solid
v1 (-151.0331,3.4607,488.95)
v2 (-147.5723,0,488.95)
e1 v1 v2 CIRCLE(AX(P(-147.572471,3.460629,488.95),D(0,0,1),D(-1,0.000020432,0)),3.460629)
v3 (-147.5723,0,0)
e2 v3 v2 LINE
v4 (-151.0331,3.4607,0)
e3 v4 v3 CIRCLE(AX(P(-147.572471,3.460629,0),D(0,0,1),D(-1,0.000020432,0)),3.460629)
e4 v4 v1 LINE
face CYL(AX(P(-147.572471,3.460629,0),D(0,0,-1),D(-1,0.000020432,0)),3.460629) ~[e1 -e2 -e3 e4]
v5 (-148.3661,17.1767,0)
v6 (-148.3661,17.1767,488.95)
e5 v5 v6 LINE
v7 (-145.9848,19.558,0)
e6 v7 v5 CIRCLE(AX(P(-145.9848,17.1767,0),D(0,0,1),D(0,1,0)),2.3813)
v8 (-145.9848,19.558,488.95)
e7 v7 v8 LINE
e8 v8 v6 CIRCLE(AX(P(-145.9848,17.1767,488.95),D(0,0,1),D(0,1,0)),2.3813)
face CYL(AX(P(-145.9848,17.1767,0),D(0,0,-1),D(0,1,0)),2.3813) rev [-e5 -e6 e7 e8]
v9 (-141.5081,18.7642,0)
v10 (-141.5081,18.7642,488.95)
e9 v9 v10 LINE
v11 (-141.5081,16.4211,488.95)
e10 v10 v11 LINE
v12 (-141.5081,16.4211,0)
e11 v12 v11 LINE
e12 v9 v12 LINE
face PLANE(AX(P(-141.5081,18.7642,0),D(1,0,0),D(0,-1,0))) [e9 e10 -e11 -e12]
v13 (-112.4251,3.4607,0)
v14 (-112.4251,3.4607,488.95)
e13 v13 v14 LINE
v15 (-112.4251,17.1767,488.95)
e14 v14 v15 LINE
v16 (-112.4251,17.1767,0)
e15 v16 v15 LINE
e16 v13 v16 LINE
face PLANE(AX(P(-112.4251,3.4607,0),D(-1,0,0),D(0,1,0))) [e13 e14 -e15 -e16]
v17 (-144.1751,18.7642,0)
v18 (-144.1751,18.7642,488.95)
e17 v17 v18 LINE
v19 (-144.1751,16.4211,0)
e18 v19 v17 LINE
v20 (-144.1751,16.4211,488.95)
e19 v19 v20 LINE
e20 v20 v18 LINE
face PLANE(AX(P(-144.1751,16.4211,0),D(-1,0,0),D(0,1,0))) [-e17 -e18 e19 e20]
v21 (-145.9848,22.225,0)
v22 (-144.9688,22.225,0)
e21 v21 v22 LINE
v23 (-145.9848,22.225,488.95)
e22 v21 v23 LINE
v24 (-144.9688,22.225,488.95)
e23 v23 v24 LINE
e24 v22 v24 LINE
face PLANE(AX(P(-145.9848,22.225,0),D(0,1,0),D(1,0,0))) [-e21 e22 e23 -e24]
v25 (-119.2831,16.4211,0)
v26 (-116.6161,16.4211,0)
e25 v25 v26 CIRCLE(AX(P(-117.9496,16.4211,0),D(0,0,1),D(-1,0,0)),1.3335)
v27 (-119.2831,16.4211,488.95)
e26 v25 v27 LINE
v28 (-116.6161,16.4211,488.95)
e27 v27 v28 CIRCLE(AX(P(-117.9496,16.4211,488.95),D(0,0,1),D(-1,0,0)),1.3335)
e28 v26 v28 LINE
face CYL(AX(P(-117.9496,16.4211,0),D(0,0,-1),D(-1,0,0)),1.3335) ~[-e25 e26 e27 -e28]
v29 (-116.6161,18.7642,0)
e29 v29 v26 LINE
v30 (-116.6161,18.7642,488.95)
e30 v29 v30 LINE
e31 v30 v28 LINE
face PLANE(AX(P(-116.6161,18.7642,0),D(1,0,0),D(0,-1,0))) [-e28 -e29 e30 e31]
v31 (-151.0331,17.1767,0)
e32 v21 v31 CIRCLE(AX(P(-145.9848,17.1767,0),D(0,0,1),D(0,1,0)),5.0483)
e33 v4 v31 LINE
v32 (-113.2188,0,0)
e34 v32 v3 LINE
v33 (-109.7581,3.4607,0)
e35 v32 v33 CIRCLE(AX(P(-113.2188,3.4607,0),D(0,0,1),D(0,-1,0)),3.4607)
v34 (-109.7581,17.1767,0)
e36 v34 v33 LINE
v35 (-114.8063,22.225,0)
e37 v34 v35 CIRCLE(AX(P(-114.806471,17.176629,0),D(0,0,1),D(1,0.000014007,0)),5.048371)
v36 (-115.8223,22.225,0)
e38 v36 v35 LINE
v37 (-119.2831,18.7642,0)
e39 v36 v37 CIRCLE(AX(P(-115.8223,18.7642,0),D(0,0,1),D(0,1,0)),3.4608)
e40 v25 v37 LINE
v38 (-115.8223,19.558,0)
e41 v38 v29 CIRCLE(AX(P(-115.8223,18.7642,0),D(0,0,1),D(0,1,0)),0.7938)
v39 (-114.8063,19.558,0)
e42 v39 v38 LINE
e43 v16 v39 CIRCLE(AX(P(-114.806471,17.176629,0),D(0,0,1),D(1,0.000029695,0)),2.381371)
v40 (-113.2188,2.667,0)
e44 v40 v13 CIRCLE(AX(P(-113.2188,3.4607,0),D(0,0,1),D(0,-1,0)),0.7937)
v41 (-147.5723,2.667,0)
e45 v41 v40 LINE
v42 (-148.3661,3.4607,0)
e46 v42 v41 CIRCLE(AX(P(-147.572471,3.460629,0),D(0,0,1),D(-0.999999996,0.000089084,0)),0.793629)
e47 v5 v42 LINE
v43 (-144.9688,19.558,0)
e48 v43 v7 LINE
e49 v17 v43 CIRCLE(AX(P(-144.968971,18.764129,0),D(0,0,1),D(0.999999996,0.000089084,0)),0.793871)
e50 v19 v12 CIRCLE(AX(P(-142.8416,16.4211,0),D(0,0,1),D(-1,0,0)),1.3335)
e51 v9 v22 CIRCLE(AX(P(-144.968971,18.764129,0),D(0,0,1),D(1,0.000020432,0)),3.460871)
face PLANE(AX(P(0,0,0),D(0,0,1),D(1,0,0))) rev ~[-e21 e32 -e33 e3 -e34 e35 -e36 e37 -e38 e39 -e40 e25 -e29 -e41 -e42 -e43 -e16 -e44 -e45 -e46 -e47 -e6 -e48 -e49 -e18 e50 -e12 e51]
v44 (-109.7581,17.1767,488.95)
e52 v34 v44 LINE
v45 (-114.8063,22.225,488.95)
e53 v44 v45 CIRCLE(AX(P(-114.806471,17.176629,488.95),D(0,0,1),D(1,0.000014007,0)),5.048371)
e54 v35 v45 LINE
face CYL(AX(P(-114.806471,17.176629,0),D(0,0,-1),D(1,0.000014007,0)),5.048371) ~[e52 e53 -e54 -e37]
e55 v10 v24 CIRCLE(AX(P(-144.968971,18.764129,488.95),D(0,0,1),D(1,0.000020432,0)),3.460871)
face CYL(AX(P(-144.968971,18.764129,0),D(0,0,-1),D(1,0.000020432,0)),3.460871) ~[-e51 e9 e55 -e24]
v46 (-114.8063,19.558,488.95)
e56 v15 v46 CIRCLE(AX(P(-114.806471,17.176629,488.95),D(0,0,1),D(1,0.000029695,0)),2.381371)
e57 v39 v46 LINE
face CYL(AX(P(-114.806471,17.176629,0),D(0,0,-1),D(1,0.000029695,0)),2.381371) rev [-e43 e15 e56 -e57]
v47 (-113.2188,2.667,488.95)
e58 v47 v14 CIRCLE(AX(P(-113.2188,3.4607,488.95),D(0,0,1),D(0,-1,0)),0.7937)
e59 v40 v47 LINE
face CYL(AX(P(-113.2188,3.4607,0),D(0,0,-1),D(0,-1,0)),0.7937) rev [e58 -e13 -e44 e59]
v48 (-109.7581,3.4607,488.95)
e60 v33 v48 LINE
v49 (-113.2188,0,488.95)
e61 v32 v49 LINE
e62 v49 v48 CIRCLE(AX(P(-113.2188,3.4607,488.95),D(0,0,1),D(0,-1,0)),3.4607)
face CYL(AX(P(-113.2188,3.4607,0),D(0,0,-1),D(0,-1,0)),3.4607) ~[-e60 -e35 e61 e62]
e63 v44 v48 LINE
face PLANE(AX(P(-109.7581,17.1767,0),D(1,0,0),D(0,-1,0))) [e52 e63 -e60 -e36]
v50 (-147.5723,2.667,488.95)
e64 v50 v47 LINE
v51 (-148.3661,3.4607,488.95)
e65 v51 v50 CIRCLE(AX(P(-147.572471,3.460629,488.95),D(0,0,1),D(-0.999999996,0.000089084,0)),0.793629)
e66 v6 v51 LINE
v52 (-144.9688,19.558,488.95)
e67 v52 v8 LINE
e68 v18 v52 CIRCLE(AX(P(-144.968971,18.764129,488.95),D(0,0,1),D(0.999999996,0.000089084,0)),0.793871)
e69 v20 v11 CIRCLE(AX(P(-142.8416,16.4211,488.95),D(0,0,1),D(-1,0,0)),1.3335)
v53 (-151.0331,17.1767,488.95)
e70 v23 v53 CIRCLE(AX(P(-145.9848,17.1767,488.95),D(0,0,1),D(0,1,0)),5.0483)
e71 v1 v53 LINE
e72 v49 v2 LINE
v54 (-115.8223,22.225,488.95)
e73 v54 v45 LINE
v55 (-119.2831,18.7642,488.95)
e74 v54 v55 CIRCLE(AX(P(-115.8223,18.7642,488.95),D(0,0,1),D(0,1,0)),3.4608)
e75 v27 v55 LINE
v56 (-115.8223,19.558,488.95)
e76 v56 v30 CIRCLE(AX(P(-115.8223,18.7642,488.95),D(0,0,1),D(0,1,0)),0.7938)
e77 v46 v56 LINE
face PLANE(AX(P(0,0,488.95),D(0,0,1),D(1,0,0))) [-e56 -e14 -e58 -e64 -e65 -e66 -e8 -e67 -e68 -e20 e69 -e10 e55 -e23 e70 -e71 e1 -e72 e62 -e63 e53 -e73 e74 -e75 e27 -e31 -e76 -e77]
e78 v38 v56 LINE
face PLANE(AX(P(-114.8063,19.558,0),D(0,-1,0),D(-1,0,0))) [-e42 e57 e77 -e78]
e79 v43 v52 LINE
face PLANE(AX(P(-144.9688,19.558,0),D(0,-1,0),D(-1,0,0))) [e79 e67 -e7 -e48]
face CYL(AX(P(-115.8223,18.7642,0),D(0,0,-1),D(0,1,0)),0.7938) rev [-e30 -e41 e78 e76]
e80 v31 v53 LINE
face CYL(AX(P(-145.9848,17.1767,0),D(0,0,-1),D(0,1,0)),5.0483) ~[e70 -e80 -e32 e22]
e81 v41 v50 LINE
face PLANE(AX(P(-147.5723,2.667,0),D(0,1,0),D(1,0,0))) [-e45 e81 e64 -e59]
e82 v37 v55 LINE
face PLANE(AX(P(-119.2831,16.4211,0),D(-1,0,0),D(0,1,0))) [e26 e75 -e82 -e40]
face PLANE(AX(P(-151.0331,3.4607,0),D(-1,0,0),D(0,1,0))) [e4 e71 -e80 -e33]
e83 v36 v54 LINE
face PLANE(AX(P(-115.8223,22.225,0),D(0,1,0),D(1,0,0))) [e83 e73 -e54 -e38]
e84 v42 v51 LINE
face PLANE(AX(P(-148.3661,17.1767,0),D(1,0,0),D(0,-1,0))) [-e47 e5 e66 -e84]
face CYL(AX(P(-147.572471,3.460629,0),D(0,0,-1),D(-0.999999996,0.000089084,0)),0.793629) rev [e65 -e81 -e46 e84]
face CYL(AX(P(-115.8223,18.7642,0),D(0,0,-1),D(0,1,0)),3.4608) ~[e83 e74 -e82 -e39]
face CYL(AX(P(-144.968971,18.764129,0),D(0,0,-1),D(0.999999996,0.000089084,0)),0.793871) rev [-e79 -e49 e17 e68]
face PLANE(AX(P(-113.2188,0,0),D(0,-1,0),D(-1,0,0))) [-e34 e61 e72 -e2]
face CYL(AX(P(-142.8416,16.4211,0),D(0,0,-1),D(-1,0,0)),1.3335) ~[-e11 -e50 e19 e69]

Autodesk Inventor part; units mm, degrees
ref_plane "YZ Plane" through (0, 0, 0) normal (1, 0, 0) x (0, 1, 0)
ref_plane "Work Plane1" through (0, 0, 0) normal (0, 0, 1) x (1, 0, 0)
sketch "Sketch1" plane through (0, 0, 0) normal (0, 0, 1) x (1, 0, 0)
  arc A0 (-113.2188, 0) -> (-109.7581, 3.4607) centre (-113.2188, 3.4607) ccw projected
  line L0 (-109.7581, 17.1767) -> (-109.7581, 3.4607) projected
  arc A1 (-109.7581, 17.1767) -> (-114.8063, 22.225) centre (-114.8063, 17.1767) ccw projected
  line L1 (-115.8223, 22.225) -> (-114.8063, 22.225) projected
  arc A2 (-115.8223, 22.225) -> (-119.2831, 18.7642) centre (-115.8223, 18.7642) ccw projected
  line L2 (-119.2831, 16.4211) -> (-119.2831, 18.7642) projected
  arc A3 (-119.2831, 16.4211) -> (-116.6161, 16.4211) centre (-117.9496, 16.4211) ccw projected
  line L3 (-116.6161, 18.7642) -> (-116.6161, 16.4211) projected
  arc A4 (-115.8223, 19.558) -> (-116.6161, 18.7642) centre (-115.8223, 18.7642) ccw projected
  line L4 (-114.8063, 19.558) -> (-115.8223, 19.558) projected
  arc A5 (-112.4251, 17.1767) -> (-114.8063, 19.558) centre (-114.8063, 17.1767) ccw projected
  line L5 (-112.4251, 3.4607) -> (-112.4251, 17.1767) projected
  arc A6 (-113.2188, 2.667) -> (-112.4251, 3.4607) centre (-113.2188, 3.4607) ccw projected
  line L6 (-147.5723, 2.667) -> (-113.2188, 2.667) projected
  arc A7 (-148.3661, 3.4607) -> (-147.5723, 2.667) centre (-147.5723, 3.4607) ccw projected
  line L7 (-148.3661, 17.1767) -> (-148.3661, 3.4607) projected
  arc A8 (-145.9848, 19.558) -> (-148.3661, 17.1767) centre (-145.9848, 17.1767) ccw projected
  line L8 (-144.9688, 19.558) -> (-145.9848, 19.558) projected
  arc A9 (-144.1751, 18.7642) -> (-144.9688, 19.558) centre (-144.9688, 18.7642) ccw projected
  line L9 (-144.1751, 16.4211) -> (-144.1751, 18.7642) projected
  arc A10 (-144.1751, 16.4211) -> (-141.5081, 16.4211) centre (-142.8416, 16.4211) ccw projected
  line L10 (-141.5081, 18.7642) -> (-141.5081, 16.4211) projected
  arc A11 (-141.5081, 18.7642) -> (-144.9688, 22.225) centre (-144.9688, 18.7642) ccw projected
  line L11 (-145.9848, 22.225) -> (-144.9688, 22.225) projected
  arc A12 (-145.9848, 22.225) -> (-151.0331, 17.1767) centre (-145.9848, 17.1767) ccw projected
  line L12 (-151.0331, 3.4607) -> (-151.0331, 17.1767) projected
  arc A13 (-151.0331, 3.4607) -> (-147.5723, 0) centre (-147.5723, 3.4607) ccw projected
  line L13 (-113.2188, 0) -> (-147.5723, 0) projected
  point P0 (0, 0)
extrude "Extrusion1" add sketch "Sketch1" along normal blind 488.95
ref_plane "Work Plane2" through (0, 0, 244.475) normal (0, 0, 1) x (1, 0, 0)
properties part number "Horizontal-Unistrut-Tower-Connector-19-25"
